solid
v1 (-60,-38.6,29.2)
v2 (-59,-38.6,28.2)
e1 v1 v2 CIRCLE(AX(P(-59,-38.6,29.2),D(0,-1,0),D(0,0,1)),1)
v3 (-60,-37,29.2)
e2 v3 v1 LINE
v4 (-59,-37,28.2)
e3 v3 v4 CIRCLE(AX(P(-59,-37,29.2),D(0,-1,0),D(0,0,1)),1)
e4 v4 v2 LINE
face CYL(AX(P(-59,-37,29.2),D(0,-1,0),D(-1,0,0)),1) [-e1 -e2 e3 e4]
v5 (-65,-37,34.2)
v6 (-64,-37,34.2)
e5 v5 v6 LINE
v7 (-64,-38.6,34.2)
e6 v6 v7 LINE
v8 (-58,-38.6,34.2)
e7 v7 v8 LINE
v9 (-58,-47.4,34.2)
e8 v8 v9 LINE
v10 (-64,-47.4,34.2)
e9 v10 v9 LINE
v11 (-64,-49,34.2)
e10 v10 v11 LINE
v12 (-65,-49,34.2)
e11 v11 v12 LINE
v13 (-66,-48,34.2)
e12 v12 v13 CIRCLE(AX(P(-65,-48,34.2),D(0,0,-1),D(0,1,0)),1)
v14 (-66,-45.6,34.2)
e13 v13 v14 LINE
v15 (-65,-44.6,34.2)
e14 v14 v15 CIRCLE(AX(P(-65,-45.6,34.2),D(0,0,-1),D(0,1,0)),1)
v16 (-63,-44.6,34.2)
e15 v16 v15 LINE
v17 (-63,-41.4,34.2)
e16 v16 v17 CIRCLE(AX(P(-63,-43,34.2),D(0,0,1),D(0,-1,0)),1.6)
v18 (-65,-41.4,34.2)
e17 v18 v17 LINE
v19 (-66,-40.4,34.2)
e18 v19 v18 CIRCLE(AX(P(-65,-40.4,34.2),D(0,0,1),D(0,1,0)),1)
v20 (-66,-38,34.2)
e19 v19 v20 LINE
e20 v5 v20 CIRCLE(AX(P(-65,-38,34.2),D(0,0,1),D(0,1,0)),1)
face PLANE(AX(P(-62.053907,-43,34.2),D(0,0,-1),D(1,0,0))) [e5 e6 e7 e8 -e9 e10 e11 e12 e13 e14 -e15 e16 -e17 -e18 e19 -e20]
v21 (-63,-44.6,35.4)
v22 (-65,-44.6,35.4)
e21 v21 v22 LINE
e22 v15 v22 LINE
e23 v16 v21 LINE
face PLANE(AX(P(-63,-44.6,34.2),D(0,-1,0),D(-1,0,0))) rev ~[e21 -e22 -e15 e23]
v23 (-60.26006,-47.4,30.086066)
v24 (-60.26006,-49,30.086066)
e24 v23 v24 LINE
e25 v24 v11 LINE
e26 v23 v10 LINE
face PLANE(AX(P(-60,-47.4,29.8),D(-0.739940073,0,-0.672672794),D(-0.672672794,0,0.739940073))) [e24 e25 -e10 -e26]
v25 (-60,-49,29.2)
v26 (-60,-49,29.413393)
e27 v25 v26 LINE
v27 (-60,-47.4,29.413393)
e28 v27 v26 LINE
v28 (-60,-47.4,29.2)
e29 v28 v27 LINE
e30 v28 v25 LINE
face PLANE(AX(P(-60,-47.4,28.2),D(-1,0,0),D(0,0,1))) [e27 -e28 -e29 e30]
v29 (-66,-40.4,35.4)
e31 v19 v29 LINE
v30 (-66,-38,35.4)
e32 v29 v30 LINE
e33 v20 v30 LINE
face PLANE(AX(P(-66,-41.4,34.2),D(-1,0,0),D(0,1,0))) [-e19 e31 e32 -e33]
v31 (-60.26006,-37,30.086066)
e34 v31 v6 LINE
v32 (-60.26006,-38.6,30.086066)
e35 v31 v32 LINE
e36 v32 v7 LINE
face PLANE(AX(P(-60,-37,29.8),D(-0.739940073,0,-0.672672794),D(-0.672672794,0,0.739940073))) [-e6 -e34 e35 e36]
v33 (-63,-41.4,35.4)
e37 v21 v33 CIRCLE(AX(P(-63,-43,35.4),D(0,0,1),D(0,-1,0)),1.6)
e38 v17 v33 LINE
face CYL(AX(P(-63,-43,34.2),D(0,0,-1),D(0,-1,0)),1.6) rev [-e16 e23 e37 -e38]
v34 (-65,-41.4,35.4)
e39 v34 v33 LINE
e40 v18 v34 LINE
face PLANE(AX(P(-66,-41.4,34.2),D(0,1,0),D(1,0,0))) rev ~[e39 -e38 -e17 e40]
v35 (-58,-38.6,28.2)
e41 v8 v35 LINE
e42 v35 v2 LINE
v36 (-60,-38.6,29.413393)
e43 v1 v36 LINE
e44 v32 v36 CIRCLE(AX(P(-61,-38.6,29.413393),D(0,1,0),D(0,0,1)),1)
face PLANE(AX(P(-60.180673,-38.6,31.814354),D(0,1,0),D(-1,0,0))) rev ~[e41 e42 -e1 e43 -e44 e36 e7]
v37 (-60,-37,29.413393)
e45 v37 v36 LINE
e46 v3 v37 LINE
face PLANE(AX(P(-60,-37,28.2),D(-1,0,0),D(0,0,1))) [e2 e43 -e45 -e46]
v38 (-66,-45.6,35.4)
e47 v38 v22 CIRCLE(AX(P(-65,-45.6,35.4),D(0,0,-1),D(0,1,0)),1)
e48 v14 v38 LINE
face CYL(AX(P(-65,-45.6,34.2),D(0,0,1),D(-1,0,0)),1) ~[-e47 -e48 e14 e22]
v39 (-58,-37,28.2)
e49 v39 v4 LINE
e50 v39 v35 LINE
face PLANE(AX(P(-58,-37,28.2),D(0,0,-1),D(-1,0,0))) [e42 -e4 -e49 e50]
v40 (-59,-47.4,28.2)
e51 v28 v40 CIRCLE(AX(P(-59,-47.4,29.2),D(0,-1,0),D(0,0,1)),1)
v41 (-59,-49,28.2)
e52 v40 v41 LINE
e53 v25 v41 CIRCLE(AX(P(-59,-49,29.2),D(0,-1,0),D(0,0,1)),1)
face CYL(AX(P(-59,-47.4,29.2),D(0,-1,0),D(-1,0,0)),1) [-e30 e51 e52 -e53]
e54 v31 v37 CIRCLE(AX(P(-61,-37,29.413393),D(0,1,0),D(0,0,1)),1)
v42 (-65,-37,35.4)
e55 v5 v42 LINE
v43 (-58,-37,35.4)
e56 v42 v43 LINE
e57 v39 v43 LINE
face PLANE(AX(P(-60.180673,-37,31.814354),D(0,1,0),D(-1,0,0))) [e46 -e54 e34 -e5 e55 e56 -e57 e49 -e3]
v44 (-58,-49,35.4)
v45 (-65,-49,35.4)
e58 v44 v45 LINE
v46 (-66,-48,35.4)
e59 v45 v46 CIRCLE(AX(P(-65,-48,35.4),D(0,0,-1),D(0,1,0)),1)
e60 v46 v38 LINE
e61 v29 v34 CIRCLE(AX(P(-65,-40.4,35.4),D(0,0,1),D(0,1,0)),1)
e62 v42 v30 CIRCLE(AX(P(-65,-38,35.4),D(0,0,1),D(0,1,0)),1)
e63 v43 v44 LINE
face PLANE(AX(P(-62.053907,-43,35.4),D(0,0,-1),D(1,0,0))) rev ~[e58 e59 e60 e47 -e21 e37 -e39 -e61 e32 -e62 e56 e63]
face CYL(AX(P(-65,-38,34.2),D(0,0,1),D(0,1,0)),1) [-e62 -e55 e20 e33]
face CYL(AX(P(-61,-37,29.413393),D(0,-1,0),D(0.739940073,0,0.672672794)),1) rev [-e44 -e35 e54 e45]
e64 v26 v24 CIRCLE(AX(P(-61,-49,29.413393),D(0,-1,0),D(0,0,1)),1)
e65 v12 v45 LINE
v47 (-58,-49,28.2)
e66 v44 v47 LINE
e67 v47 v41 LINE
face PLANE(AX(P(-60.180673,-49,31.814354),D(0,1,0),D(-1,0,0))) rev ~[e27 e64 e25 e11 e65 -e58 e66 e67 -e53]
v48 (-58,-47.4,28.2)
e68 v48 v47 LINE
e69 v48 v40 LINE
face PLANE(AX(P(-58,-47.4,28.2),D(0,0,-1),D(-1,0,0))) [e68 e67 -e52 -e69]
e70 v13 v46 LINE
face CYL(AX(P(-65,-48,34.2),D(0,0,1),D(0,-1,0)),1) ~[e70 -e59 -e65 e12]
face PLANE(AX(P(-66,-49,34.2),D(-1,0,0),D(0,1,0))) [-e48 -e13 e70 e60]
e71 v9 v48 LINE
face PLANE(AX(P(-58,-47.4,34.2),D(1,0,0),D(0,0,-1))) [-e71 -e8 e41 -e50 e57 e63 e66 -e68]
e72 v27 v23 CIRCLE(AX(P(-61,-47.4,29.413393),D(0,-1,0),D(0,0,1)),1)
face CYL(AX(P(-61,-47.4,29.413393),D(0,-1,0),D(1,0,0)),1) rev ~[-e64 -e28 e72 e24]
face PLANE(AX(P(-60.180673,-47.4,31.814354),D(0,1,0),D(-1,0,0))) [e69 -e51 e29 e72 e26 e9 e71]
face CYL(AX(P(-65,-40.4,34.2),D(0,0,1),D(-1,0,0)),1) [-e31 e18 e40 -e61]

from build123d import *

# Parameters (mm, degrees)
PAD042_DEPTH            = 1.2
PAD043_DEPTH            = 1.6
LINEARPATTERN004_COUNT  = 2
LINEARPATTERN004_PITCH  = 10.4
FILLET012_R             = 1
FILLET013_R             = 1
FILLET014_R             = 1
BODY014_PLACEMENT_ANGLE = 180


with BuildPart() as part:
    # Sketch074 → Pad042 (new body)
    with BuildSketch(Plane.XY):
        with BuildLine():
            Line((-4, 6), (4, 6))
            Line((4, 6), (4, 1.6))
            Line((1, 1.6), (4, 1.6))
            ThreePointArc((1, 1.6), (-0.6, 0), (1, -1.6))
            Line((4, -1.6), (1, -1.6))
            Line((4, -1.6), (4, -6))
            Line((4, -6), (-4, -6))
            Line((-4, -6), (-4, 6))
        make_face()
    extrude(amount=PAD042_DEPTH)

    # Sketch075 (on DatumPlane) → Pad043 (join)
    with BuildSketch(Plane.XZ.offset(6)):
        Polygon((-4, 0), (-4, -6), (-2, -6), (-2, -4.4), (2, 0), align=None)
    pad043 = extrude(amount=-PAD043_DEPTH)

    # LinearPattern004: Pad043 ×2
    with Locations(*[(0, i * LINEARPATTERN004_PITCH, 0) for i in range(1, LINEARPATTERN004_COUNT)]):
        add(pad043)

    # Fillet012
    fillet012_edges = [part.edges().sort_by_distance(p)[0] for p in [
        (-2, -5.2, -6),
        (-2, 5.2, -6),
    ]]
    fillet(fillet012_edges, radius=FILLET012_R)

    # Fillet013
    fillet013_edges = [part.edges().sort_by_distance(p)[0] for p in [
        (-2, -5.2, -4.4),
        (-2, 5.2, -4.4),
    ]]
    fillet(fillet013_edges, radius=FILLET013_R)

    # Fillet014
    fillet014_edges = [part.edges().sort_by_distance(p)[0] for p in [
        (4, -6, 0.6),
        (4, -1.6, 0.6),
        (4, 1.6, 0.6),
        (4, 6, 0.6),
    ]]
    fillet(fillet014_edges, radius=FILLET014_R)


with BuildPart() as part_1:
    # Body014 placement: moved
    add(part.part.moved(Location((-62, -43, 34.2))).rotate(Axis((-62, -43, 34.2), (0, 0, 1)), BODY014_PLACEMENT_ANGLE))


solid = part_1.part
